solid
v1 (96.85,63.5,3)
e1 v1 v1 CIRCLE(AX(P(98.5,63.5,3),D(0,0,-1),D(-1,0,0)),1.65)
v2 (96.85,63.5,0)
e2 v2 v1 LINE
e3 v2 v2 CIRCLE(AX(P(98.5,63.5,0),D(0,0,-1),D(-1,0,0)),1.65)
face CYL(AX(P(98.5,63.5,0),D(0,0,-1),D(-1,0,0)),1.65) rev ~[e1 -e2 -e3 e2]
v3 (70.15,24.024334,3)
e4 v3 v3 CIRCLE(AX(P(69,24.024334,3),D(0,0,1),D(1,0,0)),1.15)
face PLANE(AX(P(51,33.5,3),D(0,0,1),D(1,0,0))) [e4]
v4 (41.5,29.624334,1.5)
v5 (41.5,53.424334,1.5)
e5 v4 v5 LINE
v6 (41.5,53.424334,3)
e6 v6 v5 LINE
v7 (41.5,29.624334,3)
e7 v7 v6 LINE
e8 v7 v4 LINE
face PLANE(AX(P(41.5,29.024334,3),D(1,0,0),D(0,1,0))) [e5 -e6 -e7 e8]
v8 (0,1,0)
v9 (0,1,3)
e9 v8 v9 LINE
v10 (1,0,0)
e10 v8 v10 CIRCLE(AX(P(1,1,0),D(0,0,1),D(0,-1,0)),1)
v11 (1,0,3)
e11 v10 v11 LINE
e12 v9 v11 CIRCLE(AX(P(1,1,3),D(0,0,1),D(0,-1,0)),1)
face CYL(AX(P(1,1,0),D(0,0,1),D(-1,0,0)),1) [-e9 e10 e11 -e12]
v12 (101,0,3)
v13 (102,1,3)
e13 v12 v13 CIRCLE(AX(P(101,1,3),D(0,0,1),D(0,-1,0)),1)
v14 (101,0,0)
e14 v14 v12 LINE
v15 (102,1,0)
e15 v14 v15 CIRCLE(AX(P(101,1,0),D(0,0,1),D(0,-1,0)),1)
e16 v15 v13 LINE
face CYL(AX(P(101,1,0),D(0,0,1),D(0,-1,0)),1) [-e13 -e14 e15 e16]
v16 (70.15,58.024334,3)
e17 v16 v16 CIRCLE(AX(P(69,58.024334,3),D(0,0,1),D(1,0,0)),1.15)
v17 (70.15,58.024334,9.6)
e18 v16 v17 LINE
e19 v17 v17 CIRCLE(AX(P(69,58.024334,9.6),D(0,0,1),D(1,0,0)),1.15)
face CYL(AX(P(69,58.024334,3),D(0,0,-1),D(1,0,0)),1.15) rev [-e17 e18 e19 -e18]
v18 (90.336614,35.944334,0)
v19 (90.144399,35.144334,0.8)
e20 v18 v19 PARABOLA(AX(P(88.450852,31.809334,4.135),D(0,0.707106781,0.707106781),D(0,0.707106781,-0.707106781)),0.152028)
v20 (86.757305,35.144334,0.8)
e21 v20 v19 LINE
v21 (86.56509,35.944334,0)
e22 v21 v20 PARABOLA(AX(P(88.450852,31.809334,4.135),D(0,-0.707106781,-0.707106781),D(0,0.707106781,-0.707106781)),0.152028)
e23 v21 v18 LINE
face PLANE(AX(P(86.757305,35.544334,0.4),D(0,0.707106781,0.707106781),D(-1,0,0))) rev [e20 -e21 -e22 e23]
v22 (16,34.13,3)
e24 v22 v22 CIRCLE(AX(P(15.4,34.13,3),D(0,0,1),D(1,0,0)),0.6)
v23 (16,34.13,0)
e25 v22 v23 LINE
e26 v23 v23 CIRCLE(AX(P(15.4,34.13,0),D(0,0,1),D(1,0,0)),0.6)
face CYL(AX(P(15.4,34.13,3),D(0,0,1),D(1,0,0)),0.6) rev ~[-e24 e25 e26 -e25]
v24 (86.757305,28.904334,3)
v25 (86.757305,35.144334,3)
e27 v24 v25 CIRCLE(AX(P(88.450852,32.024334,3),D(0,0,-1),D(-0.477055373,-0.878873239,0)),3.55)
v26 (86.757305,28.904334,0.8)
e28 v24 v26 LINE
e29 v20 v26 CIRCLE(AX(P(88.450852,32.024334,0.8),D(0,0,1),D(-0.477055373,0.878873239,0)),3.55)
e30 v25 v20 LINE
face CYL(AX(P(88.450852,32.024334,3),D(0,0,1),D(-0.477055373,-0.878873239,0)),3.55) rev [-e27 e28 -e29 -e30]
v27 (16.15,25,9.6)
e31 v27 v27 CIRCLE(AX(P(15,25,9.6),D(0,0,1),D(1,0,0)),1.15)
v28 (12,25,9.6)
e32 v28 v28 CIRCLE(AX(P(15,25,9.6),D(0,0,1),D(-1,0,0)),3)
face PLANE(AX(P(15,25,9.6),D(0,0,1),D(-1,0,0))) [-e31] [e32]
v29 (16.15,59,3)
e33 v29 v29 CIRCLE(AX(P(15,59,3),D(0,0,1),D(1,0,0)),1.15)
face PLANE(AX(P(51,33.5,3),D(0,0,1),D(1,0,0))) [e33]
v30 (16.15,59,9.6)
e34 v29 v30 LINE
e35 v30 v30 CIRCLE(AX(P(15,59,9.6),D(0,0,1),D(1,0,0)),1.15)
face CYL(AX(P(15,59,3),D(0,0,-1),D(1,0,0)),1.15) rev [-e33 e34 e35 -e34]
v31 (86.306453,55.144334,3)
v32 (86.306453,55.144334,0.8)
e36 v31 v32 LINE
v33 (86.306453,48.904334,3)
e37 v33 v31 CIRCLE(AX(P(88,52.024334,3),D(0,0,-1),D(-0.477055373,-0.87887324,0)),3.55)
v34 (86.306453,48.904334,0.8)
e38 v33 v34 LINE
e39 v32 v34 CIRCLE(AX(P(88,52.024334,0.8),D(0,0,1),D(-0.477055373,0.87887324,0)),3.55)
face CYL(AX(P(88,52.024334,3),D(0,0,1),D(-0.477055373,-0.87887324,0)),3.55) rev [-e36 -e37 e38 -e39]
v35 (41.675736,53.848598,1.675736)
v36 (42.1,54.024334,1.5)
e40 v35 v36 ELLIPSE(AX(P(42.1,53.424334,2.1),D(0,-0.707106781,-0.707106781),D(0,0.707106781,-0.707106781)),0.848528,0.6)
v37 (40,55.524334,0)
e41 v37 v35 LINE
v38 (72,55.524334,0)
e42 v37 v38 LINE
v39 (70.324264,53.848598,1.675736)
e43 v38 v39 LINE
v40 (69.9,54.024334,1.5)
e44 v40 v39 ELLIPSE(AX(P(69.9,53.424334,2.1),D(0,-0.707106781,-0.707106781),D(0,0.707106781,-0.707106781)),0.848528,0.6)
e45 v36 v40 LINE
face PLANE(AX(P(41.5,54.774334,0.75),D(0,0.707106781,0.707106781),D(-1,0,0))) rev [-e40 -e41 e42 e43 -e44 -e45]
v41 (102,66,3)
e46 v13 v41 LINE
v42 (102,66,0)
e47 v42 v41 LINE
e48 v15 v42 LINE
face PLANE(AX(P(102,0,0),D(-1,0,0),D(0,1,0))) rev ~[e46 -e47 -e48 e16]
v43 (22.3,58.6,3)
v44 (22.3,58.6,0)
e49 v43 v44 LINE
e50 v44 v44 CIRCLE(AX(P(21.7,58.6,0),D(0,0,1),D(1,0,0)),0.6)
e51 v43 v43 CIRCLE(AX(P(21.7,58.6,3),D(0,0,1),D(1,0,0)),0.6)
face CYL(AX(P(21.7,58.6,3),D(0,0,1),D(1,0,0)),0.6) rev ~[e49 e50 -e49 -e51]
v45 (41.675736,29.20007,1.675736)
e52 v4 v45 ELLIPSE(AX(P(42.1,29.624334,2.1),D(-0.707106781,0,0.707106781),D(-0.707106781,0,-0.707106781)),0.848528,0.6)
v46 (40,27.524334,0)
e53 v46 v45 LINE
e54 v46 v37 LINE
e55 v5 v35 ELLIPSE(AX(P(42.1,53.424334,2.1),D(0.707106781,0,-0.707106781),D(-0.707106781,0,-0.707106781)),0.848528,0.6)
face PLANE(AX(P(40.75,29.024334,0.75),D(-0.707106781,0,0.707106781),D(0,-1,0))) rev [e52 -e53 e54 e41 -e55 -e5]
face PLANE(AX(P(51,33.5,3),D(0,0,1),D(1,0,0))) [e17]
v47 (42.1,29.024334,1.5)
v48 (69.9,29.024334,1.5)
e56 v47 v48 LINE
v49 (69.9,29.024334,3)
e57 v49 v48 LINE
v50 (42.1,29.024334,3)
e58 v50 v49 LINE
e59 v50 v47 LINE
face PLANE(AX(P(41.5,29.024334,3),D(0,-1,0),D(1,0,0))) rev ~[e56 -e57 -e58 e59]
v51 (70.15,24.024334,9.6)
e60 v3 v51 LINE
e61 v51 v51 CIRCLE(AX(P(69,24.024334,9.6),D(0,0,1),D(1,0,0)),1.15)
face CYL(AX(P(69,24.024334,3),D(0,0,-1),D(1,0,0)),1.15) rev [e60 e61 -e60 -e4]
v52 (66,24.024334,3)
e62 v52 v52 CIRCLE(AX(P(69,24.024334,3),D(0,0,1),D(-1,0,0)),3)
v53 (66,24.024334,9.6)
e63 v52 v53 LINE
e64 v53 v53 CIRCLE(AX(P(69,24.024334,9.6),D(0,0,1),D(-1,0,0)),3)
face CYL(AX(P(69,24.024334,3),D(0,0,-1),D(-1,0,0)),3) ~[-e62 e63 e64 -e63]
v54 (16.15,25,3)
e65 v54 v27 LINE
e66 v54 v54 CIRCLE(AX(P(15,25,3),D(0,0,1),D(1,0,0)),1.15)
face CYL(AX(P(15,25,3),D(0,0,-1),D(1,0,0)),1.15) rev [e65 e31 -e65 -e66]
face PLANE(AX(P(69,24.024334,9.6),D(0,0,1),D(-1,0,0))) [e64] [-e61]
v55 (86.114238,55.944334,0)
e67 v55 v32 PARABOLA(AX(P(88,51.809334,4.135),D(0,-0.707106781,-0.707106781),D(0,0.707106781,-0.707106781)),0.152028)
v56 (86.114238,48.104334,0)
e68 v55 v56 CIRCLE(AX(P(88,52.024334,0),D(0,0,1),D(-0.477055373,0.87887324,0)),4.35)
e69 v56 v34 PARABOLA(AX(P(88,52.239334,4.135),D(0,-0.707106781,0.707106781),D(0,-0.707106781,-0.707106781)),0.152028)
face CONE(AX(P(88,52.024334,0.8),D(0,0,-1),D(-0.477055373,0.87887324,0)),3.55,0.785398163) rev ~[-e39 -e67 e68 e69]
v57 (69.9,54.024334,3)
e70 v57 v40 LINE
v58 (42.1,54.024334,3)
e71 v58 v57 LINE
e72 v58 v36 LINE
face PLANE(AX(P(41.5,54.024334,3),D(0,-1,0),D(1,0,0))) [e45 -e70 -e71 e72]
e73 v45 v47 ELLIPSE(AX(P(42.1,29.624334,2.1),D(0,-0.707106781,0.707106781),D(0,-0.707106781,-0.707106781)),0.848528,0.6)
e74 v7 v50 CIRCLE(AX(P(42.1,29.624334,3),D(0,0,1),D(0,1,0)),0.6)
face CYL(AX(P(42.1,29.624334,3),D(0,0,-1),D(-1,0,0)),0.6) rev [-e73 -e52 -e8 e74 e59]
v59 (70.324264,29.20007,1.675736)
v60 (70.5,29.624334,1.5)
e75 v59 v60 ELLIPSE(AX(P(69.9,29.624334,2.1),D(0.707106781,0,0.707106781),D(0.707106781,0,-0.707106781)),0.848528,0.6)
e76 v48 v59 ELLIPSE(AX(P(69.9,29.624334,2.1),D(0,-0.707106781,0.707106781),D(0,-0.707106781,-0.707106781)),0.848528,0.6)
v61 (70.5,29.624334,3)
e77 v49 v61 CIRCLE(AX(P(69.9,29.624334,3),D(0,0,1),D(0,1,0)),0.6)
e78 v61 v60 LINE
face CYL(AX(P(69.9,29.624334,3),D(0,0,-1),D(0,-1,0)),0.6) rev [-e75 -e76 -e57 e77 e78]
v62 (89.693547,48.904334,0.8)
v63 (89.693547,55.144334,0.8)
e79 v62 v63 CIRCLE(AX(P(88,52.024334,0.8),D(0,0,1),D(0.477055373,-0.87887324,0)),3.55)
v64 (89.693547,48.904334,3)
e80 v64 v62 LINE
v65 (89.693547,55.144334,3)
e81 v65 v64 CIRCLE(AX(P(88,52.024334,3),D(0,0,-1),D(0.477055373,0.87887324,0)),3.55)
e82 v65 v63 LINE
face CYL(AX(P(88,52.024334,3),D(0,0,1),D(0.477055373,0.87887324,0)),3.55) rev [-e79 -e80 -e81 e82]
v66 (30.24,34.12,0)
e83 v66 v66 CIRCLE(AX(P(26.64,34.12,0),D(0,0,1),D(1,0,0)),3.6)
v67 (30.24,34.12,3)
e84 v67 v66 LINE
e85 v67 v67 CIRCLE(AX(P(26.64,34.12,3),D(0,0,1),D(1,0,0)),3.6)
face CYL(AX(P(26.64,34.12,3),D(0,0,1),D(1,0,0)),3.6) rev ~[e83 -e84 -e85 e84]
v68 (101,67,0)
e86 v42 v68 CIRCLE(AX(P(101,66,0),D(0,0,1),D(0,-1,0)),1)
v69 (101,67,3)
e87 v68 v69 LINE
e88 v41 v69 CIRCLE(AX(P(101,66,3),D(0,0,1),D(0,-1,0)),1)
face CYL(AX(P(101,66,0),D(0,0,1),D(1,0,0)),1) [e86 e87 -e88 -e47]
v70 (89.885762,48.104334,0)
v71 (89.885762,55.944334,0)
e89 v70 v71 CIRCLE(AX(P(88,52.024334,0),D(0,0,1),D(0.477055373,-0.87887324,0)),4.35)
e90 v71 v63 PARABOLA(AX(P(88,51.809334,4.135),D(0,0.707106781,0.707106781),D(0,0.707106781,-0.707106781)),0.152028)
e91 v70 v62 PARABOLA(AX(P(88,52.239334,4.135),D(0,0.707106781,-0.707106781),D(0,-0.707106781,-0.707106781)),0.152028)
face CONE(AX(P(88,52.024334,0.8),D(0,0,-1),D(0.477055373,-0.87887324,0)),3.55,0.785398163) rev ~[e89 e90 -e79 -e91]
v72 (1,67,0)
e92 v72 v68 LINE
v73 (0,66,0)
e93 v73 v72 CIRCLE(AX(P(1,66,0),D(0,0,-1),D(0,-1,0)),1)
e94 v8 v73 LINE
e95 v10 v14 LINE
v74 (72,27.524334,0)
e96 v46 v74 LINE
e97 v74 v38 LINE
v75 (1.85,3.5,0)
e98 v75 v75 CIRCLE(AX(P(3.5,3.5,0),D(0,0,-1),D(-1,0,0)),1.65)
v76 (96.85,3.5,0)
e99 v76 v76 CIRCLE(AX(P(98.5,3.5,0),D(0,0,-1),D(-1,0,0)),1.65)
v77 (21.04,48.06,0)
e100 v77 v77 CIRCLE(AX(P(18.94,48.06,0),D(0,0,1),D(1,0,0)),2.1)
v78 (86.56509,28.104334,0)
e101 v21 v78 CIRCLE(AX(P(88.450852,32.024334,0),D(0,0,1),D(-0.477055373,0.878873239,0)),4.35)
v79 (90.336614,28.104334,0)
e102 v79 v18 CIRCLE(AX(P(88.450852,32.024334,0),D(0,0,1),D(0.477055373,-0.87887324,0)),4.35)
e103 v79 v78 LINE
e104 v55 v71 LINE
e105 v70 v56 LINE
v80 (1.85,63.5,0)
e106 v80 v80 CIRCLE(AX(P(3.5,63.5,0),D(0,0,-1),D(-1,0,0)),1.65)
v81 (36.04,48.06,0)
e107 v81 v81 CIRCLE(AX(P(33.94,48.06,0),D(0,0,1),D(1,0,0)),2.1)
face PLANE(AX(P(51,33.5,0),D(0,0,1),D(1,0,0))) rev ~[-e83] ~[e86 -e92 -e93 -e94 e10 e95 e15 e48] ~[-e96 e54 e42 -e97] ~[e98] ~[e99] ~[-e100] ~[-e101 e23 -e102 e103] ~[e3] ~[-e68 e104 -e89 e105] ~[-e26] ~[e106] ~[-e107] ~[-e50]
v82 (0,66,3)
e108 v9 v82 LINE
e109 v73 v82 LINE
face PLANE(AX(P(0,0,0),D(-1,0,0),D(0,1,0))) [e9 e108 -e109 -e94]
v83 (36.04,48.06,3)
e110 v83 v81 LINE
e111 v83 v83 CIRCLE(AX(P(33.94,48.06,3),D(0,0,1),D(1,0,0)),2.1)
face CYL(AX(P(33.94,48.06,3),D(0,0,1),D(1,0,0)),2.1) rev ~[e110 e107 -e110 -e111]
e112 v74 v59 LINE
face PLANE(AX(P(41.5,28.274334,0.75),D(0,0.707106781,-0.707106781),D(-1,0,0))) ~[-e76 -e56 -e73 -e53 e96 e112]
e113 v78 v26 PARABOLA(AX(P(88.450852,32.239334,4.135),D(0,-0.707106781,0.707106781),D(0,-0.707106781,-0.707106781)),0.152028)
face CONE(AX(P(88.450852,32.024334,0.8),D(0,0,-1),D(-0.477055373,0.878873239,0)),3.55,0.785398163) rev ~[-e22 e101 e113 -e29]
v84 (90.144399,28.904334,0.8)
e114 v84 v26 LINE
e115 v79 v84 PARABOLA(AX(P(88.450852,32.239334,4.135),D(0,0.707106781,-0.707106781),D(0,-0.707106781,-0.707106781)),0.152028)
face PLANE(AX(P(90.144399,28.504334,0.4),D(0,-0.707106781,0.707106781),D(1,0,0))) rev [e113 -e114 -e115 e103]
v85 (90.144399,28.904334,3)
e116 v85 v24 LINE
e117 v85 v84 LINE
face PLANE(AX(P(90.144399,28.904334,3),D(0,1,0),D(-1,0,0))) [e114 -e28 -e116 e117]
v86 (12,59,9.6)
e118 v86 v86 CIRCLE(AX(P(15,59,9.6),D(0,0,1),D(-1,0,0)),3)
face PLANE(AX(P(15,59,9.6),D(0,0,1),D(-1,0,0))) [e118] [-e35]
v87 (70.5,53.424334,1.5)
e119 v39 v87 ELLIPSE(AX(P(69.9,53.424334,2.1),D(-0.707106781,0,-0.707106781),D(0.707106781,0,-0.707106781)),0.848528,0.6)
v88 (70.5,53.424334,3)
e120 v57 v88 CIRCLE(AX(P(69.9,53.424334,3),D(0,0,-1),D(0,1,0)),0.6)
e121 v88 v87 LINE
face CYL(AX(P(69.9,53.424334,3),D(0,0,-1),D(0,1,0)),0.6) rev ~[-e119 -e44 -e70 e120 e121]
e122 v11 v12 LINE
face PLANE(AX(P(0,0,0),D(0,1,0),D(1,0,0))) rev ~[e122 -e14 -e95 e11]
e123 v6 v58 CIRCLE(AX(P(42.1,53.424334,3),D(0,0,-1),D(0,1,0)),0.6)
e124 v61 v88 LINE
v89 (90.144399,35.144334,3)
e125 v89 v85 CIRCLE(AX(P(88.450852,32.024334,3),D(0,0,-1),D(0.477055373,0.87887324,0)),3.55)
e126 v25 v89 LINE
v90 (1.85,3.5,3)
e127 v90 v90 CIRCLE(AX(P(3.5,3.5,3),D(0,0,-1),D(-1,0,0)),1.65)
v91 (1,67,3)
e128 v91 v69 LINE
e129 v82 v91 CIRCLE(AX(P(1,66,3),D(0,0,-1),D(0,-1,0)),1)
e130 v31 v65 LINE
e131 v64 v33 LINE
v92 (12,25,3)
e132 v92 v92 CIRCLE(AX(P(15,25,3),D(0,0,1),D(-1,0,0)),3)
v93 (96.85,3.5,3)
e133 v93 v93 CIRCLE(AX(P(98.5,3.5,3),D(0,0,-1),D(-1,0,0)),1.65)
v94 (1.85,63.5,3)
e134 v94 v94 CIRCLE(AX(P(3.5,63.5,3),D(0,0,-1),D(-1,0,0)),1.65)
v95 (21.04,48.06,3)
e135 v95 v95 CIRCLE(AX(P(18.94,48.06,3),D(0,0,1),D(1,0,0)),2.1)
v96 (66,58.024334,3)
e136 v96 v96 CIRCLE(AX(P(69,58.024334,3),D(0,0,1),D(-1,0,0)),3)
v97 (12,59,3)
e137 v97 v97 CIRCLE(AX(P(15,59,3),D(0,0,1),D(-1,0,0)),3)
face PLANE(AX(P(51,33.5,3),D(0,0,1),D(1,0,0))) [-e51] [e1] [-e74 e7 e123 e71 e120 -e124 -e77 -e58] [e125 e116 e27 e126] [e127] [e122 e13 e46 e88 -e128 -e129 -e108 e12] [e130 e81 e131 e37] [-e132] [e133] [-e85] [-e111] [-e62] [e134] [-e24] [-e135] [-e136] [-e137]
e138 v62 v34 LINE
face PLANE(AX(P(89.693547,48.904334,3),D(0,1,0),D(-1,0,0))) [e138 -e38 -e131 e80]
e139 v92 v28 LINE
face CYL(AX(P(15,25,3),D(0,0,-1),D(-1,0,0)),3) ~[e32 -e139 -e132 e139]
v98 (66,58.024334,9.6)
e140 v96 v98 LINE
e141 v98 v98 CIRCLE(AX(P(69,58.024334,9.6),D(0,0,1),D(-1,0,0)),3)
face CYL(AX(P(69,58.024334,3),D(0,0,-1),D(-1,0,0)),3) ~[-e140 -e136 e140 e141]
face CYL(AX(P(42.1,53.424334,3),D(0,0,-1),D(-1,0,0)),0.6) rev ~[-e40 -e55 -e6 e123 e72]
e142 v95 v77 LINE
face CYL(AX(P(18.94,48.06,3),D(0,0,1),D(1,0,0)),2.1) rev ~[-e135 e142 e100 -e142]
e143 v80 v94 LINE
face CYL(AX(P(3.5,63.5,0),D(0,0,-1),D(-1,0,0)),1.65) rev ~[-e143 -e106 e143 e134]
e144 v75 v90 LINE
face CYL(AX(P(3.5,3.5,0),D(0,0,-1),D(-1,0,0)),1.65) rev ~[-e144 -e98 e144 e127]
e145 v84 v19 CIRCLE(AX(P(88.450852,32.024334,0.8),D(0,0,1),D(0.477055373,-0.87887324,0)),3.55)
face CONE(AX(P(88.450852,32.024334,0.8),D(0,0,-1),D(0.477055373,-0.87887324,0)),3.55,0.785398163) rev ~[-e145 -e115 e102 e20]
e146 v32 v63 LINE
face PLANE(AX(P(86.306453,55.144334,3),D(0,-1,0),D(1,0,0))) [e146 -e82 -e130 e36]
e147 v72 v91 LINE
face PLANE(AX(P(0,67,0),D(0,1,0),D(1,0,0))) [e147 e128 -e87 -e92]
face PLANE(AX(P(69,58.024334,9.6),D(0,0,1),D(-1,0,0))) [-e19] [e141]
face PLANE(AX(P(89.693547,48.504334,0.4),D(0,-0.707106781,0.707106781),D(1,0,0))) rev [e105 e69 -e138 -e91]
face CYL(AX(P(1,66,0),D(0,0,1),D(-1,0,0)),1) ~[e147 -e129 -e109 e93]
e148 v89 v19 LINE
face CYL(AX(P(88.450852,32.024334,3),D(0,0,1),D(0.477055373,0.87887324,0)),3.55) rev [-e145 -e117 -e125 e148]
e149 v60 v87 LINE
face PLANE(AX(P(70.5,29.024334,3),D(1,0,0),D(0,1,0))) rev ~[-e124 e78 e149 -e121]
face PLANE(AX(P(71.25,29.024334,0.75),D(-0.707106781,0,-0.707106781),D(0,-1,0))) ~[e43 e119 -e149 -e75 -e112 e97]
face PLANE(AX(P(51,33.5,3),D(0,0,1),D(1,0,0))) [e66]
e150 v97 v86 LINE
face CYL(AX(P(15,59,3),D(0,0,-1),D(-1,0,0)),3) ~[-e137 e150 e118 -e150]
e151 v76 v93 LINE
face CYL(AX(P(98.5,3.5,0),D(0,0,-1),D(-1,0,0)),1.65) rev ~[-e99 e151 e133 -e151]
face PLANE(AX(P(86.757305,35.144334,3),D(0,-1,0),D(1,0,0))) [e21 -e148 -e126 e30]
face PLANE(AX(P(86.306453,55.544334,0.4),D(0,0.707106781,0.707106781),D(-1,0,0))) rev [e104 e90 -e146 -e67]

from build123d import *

# Parameters (mm, degrees)
SKETCH_1_W          = 102
SKETCH_1_H          = 67
EXTRUDE_1_DEPTH     = 3
FILLET_1_R          = 1
SKETCH_2_R          = 3
SKETCH_2_R_2        = 1.15
EXTRUDE_2_DEPTH     = 6.6
SKETCH_3_R          = 3.6
SKETCH_3_R_2        = 2.1
SKETCH_3_R_3        = 0.6
SKETCH_3_W          = 29
SKETCH_3_H          = 25
CUT_EXTRUDE_1_DEPTH = 123.215220001
CHAMFER_1_SIZE      = 1.5
CHAMFER_2_SIZE      = 0.8
SKETCH_4_R          = 1.65
CUT_EXTRUDE_2_DEPTH = 123.413888101
FILLET_2_R          = 0.6


with BuildPart() as part:
    # 草图1 → 凸台-拉伸1 (new body)
    with BuildSketch(Plane.XY):
        with Locations((51, 33.5)):
            Rectangle(SKETCH_1_W, SKETCH_1_H)
    extrude(amount=EXTRUDE_1_DEPTH)

    # 圆角1
    fillet_1_edges = [part.edges().sort_by_distance(p)[0] for p in [
        (0, 67, 1.5),
        (102, 67, 1.5),
        (102, 0, 1.5),
        (0, 0, 1.5),
    ]]
    fillet(fillet_1_edges, radius=FILLET_1_R)

    # 草图2 → 凸台-拉伸2 (add)
    # profile 1 of 4: a face of its own
    with BuildSketch(Plane.XY.offset(3)):
        with Locations(Location((15, 59, 0), (0, 0, 180))):
            Circle(SKETCH_2_R)
        with Locations((15, 59)):
            Circle(SKETCH_2_R_2, mode=Mode.SUBTRACT)
    # profile 2 of 4: a face of its own
    with BuildSketch(Plane.XY.offset(3)):
        with Locations(Location((15, 25, 0), (0, 0, 180))):
            Circle(SKETCH_2_R)
        with Locations((15, 25)):
            Circle(SKETCH_2_R_2, mode=Mode.SUBTRACT)
    # profile 3 of 4: a face of its own
    with BuildSketch(Plane.XY.offset(3)):
        with Locations(Location((69, 24.024333843, 0), (0, 0, 180))):
            Circle(SKETCH_2_R)
        with Locations((69, 24.024333843)):
            Circle(SKETCH_2_R_2, mode=Mode.SUBTRACT)
    # profile 4 of 4: a face of its own
    with BuildSketch(Plane.XY.offset(3)):
        with Locations(Location((69, 58.024333843, 0), (0, 0, 180))):
            Circle(SKETCH_2_R)
        with Locations((69, 58.024333843)):
            Circle(SKETCH_2_R_2, mode=Mode.SUBTRACT)
    extrude(amount=EXTRUDE_2_DEPTH)

    # 草图3 → 切除-拉伸1 (cut, through all)
    with BuildSketch(Plane.XY.offset(3)):
        with Locations((26.64, 34.12)):
            Circle(SKETCH_3_R)
        with Locations((18.94, 48.06)):
            Circle(SKETCH_3_R_2)
        with Locations((33.94, 48.06)):
            Circle(SKETCH_3_R_2)
        with Locations((21.7, 58.6)):
            Circle(SKETCH_3_R_3)
        with Locations((15.4, 34.13)):
            Circle(SKETCH_3_R_3)
        with BuildLine():
            Line((86.757305392, 35.144333843), (90.144398541, 35.144333843))
            ThreePointArc((90.144398541, 35.144333843), (92.000851967, 32.024333843), (90.144398541, 28.904333843))
            Line((90.144398541, 28.904333843), (86.757305392, 28.904333843))
            ThreePointArc((86.757305392, 28.904333843), (84.900851967, 32.024333843), (86.757305392, 35.144333843))
        make_face()
        with Locations((56, 41.524333843)):
            Rectangle(SKETCH_3_W, SKETCH_3_H)
        with BuildLine():
            Line((86.306453426, 55.144333843), (89.693546574, 55.144333843))
            ThreePointArc((89.693546574, 55.144333843), (91.55, 52.024333843), (89.693546574, 48.904333843))
            Line((89.693546574, 48.904333843), (86.306453426, 48.904333843))
            ThreePointArc((86.306453426, 48.904333843), (84.45, 52.024333843), (86.306453426, 55.144333843))
        make_face()
    extrude(amount=-CUT_EXTRUDE_1_DEPTH, mode=Mode.SUBTRACT)

    # 倒角1
    chamfer_1_edges = [part.edges().sort_by_distance(p)[0] for p in [
        (41.5, 41.524333843, 0),
        (56, 54.024333843, 0),
        (70.5, 41.524333843, 0),
        (56, 29.024333843, 0),
    ]]
    chamfer(chamfer_1_edges, length=CHAMFER_1_SIZE)

    # 倒角2
    chamfer_2_edges = [part.edges().sort_by_distance(p)[0] for p in [
        (84.45, 52.024333843, 0),
        (88, 55.144333843, 0),
        (91.55, 52.024333843, 0),
        (88, 48.904333843, 0),
        (84.900851967, 32.024333843, 0),
        (88.450851967, 35.144333843, 0),
        (92.000851967, 32.024333843, 0),
        (88.450851967, 28.904333843, 0),
    ]]
    chamfer(chamfer_2_edges, length=CHAMFER_2_SIZE)

    # 草图4 → 切除-拉伸2 (cut, through all)
    with BuildSketch(Plane(origin=(0, 0, 0), x_dir=(-1, 0, 0), z_dir=(0, 0, -1))):
        with Locations((-98.5, 63.5)):
            Circle(SKETCH_4_R)
        with Locations((-3.5, 63.5)):
            Circle(SKETCH_4_R)
        with Locations((-3.5, 3.5)):
            Circle(SKETCH_4_R)
        with Locations((-98.5, 3.5)):
            Circle(SKETCH_4_R)
    extrude(amount=-CUT_EXTRUDE_2_DEPTH, mode=Mode.SUBTRACT)

    # 圆角2
    fillet_2_edges = [part.edges().sort_by_distance(p)[0] for p in [
        (70.5, 54.024333843, 2.25),
        (70.5, 29.024333843, 2.25),
        (41.5, 29.024333843, 2.25),
        (41.5, 54.024333843, 2.25),
    ]]
    fillet(fillet_2_edges, radius=FILLET_2_R)


solid = part.part
